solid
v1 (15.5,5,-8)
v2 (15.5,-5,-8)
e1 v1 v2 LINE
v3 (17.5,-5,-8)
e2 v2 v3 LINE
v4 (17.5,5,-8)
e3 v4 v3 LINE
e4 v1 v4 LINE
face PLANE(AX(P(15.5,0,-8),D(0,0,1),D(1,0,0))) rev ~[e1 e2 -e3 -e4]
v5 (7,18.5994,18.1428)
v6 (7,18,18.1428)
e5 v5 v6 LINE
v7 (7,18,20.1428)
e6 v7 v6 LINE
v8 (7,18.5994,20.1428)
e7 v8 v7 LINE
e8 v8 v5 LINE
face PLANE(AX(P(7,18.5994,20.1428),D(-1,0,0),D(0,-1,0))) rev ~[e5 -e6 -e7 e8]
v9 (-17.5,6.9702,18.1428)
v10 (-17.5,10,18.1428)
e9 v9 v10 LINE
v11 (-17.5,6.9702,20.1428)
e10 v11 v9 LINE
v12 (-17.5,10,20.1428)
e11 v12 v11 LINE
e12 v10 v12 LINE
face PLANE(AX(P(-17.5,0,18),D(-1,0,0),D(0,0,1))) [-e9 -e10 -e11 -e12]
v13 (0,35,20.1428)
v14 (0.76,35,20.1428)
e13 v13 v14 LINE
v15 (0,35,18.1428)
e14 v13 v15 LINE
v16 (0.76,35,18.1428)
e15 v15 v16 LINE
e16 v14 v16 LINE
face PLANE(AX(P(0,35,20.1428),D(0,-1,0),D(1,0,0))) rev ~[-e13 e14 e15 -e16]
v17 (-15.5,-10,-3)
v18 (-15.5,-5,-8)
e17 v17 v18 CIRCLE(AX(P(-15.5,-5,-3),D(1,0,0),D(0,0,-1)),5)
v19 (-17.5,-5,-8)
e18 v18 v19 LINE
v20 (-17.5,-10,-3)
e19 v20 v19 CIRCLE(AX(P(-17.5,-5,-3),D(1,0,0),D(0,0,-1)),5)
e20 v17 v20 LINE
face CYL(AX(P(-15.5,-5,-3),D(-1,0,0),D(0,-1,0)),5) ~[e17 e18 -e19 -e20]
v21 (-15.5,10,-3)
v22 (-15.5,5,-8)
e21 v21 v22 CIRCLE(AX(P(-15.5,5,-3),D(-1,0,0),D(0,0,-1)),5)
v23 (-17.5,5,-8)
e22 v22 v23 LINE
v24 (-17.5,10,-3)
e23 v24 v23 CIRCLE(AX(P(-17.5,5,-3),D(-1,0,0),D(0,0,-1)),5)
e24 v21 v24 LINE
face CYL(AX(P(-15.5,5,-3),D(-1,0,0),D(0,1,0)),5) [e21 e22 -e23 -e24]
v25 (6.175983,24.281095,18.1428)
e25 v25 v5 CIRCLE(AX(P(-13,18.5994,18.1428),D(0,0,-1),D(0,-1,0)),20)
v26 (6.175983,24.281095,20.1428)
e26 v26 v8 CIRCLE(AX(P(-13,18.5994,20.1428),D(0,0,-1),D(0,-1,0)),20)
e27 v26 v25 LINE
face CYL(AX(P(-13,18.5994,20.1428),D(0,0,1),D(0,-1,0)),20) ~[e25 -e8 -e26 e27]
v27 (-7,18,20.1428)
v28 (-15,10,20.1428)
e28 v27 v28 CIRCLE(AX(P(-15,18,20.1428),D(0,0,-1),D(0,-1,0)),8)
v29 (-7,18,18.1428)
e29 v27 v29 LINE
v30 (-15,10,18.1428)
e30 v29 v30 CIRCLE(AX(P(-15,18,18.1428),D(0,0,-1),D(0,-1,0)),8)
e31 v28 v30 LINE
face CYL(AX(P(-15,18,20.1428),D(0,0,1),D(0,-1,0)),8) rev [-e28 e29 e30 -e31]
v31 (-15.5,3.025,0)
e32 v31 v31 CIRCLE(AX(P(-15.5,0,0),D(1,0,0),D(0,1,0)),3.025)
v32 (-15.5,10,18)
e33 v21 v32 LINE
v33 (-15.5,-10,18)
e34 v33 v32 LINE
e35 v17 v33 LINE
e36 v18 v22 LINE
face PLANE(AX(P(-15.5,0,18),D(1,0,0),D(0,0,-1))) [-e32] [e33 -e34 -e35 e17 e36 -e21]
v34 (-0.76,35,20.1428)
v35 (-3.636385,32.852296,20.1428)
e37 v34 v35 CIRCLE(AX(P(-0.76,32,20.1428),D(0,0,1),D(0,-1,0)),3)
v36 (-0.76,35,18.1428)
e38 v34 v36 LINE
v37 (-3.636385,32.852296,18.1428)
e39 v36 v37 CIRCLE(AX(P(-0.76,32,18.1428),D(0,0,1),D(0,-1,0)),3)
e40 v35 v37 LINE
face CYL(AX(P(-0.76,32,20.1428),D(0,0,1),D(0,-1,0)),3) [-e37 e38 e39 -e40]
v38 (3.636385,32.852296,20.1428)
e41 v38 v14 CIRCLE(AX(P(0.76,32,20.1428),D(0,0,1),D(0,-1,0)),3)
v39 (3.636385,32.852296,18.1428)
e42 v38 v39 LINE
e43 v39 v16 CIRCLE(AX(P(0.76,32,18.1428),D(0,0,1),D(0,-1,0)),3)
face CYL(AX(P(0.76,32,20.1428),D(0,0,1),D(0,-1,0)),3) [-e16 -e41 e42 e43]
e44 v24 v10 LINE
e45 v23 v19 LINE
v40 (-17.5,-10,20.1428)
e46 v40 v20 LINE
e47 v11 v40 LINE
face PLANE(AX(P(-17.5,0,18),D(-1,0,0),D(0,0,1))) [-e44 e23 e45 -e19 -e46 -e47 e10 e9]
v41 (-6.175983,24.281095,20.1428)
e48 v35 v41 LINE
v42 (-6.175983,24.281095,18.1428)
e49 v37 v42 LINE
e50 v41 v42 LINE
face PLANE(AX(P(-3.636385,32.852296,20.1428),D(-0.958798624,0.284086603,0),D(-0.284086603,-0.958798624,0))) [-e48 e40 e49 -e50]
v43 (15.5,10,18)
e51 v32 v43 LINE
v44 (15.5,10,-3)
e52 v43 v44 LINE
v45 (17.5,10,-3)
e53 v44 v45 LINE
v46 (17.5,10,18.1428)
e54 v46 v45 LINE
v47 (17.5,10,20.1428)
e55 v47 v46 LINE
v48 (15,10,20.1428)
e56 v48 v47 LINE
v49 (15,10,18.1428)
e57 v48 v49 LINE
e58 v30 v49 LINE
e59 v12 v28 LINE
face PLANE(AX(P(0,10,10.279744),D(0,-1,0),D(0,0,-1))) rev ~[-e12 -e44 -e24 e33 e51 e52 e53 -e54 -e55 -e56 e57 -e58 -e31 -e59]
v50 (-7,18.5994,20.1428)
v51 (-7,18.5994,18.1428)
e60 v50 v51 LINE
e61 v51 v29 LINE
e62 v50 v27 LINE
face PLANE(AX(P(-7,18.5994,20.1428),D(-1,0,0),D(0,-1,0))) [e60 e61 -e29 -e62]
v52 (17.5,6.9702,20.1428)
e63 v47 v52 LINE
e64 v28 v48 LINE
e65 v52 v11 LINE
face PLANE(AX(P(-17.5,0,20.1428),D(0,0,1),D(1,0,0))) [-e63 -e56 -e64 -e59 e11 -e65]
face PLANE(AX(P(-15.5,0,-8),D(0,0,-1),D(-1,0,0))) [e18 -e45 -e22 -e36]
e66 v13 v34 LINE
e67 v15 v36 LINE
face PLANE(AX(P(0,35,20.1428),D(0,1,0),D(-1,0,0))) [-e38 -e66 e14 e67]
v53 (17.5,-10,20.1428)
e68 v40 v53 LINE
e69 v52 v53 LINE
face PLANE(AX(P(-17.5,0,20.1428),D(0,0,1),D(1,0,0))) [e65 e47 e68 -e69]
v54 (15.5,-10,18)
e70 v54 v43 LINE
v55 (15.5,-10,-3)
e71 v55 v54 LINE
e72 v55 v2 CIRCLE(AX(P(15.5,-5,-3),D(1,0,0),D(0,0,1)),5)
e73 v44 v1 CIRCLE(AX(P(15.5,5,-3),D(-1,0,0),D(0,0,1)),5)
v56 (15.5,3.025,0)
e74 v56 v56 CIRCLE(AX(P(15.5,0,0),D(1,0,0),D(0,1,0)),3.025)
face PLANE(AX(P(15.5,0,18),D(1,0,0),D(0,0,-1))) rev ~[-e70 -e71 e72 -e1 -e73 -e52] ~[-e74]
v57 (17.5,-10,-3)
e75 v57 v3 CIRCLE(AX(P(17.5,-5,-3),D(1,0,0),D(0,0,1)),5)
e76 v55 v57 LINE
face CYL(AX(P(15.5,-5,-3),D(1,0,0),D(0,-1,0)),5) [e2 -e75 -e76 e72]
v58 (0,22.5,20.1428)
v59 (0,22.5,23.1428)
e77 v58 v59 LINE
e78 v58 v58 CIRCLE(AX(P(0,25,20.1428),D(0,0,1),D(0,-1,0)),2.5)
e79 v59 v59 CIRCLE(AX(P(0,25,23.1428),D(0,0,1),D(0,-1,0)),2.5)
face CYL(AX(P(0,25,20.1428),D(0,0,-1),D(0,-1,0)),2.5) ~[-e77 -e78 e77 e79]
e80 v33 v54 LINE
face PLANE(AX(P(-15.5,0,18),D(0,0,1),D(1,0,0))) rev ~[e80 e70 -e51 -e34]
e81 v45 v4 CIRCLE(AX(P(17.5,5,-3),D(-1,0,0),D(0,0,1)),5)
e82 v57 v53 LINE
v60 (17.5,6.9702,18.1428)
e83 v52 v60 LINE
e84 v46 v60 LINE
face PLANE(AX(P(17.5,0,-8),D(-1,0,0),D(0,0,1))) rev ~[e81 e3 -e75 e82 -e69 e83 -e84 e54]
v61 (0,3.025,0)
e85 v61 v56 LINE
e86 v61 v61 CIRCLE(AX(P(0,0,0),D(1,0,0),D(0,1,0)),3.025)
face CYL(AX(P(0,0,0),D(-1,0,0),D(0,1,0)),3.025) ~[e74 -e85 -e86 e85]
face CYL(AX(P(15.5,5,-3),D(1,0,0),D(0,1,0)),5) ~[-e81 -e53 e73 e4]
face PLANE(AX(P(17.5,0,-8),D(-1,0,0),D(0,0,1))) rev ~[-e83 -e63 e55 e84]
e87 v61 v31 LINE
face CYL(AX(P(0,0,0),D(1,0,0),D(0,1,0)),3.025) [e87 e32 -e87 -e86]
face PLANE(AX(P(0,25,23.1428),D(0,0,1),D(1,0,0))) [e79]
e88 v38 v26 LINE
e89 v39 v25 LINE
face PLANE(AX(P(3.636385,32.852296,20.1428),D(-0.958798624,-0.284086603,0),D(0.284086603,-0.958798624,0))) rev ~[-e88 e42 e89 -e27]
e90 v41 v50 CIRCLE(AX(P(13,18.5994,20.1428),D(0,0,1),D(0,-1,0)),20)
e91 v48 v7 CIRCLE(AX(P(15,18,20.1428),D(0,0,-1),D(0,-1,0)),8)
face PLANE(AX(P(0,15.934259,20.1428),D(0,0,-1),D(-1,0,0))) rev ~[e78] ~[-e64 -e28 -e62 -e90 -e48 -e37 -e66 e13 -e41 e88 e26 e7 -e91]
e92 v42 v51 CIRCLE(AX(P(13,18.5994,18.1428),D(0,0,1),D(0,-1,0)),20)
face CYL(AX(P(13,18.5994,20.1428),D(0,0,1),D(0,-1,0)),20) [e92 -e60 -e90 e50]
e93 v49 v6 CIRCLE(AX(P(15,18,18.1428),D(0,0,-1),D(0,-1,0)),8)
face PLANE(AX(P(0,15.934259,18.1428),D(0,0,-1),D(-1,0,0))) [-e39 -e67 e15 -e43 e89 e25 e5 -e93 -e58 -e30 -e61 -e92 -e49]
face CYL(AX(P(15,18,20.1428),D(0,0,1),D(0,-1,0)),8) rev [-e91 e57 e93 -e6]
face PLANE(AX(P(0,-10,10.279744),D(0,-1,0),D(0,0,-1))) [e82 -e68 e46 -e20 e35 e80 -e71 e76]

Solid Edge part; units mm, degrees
sketch "Sketch1" plane through (0, 0, 0) normal (1, 0, 0) x (0, 1, 0)
  circle A0 centre (0, 0) radius 3.025
extrude "Protrusion1" add sketch "Sketch1" along normal mid plane 31
sketch "Sketch2" plane through (0, 0, 0) normal (0, -1, 0) x (1, 0, 0)
  line L0 (15.5, 18) -> (15.5, 0)
  line L1 (15.5, 0) -> (15.5, -8)
  line L2 (15.5, -8) -> (17.5, -8)
  line L3 (17.5, -8) -> (17.5, 18)
  line L4 (17.5, 18) -> (17.5, 20.1428)
  line L5 (-17.5, 20.1428) -> (17.5, 20.1428)
  line L6 (-17.5, 18) -> (-17.5, 20.1428)
  line L7 (-17.5, -8) -> (-17.5, 18)
  line L8 (-15.5, -8) -> (-17.5, -8)
  line L9 (-15.5, 0) -> (-15.5, -8)
  line L10 (-15.5, 18) -> (-15.5, 0)
  line L11 (-15.5, 18) -> (15.5, 18)
  dimension "D1" = 18
extrude "ExtrudedProtrusion_2" add sketch "Sketch2" along normal mid plane 20
fillet "Round_1" radius 5 4 edges at (16.5, 10, -8) (-16.5, 10, -8) (-16.5, -10, -8) (16.5, -10, -8)
sketch "Sketch3" plane through (0, 0, 20.1428) normal (0, 0, 1) x (0, -1, 0)
  line L0 (-18.5994, 7) -> (-18, 7)
  arc A0 (-10, 15) -> (-18, 7) centre (-18, 15) cw
  line L1 (-10, 15) -> (-10, 17.5)
  line L2 (-10, 17.5) -> (-6.9702, 17.5)
  line L3 (-6.9702, 17.5) -> (-6.9702, -17.5)
  line L4 (-6.9702, -17.5) -> (-10, -17.5)
  line L5 (-10, -15) -> (-10, -17.5)
  arc A1 (-18, -7) -> (-10, -15) centre (-18, -15) cw
  line L6 (-18.5994, -7) -> (-18, -7)
  arc A2 (-24.2811, -6.176) -> (-18.5994, -7) centre (-18.5994, 13) ccw
  line L7 (-32.8523, -3.6364) -> (-24.2811, -6.176)
  arc A3 (-35, -0.76) -> (-32.8523, -3.6364) centre (-32, -0.76) ccw
  line L8 (-35, 0) -> (-35, -0.76)
  line L9 (-35, 0) -> (-35, 0.76)
  arc A4 (-32.8523, 3.6364) -> (-35, 0.76) centre (-32, 0.76) ccw
  line L10 (-32.8523, 3.6364) -> (-24.2811, 6.176)
  arc A5 (-24.2811, 6.176) -> (-18.5994, 7) centre (-18.5994, -13) cw
extrude "ExtrudedProtrusion_3" add sketch "Sketch3" against normal blind 2
sketch "Sketch4" plane through (0, 12.5, 20.1428) normal (0, 0, 1) x (0, -1, 0)
  circle A0 centre (-12.5, 0) radius 2.5
extrude "Protrusion2" add sketch "Sketch4" along normal up to vertex (3 mm away)
properties material "Steel, structural"
